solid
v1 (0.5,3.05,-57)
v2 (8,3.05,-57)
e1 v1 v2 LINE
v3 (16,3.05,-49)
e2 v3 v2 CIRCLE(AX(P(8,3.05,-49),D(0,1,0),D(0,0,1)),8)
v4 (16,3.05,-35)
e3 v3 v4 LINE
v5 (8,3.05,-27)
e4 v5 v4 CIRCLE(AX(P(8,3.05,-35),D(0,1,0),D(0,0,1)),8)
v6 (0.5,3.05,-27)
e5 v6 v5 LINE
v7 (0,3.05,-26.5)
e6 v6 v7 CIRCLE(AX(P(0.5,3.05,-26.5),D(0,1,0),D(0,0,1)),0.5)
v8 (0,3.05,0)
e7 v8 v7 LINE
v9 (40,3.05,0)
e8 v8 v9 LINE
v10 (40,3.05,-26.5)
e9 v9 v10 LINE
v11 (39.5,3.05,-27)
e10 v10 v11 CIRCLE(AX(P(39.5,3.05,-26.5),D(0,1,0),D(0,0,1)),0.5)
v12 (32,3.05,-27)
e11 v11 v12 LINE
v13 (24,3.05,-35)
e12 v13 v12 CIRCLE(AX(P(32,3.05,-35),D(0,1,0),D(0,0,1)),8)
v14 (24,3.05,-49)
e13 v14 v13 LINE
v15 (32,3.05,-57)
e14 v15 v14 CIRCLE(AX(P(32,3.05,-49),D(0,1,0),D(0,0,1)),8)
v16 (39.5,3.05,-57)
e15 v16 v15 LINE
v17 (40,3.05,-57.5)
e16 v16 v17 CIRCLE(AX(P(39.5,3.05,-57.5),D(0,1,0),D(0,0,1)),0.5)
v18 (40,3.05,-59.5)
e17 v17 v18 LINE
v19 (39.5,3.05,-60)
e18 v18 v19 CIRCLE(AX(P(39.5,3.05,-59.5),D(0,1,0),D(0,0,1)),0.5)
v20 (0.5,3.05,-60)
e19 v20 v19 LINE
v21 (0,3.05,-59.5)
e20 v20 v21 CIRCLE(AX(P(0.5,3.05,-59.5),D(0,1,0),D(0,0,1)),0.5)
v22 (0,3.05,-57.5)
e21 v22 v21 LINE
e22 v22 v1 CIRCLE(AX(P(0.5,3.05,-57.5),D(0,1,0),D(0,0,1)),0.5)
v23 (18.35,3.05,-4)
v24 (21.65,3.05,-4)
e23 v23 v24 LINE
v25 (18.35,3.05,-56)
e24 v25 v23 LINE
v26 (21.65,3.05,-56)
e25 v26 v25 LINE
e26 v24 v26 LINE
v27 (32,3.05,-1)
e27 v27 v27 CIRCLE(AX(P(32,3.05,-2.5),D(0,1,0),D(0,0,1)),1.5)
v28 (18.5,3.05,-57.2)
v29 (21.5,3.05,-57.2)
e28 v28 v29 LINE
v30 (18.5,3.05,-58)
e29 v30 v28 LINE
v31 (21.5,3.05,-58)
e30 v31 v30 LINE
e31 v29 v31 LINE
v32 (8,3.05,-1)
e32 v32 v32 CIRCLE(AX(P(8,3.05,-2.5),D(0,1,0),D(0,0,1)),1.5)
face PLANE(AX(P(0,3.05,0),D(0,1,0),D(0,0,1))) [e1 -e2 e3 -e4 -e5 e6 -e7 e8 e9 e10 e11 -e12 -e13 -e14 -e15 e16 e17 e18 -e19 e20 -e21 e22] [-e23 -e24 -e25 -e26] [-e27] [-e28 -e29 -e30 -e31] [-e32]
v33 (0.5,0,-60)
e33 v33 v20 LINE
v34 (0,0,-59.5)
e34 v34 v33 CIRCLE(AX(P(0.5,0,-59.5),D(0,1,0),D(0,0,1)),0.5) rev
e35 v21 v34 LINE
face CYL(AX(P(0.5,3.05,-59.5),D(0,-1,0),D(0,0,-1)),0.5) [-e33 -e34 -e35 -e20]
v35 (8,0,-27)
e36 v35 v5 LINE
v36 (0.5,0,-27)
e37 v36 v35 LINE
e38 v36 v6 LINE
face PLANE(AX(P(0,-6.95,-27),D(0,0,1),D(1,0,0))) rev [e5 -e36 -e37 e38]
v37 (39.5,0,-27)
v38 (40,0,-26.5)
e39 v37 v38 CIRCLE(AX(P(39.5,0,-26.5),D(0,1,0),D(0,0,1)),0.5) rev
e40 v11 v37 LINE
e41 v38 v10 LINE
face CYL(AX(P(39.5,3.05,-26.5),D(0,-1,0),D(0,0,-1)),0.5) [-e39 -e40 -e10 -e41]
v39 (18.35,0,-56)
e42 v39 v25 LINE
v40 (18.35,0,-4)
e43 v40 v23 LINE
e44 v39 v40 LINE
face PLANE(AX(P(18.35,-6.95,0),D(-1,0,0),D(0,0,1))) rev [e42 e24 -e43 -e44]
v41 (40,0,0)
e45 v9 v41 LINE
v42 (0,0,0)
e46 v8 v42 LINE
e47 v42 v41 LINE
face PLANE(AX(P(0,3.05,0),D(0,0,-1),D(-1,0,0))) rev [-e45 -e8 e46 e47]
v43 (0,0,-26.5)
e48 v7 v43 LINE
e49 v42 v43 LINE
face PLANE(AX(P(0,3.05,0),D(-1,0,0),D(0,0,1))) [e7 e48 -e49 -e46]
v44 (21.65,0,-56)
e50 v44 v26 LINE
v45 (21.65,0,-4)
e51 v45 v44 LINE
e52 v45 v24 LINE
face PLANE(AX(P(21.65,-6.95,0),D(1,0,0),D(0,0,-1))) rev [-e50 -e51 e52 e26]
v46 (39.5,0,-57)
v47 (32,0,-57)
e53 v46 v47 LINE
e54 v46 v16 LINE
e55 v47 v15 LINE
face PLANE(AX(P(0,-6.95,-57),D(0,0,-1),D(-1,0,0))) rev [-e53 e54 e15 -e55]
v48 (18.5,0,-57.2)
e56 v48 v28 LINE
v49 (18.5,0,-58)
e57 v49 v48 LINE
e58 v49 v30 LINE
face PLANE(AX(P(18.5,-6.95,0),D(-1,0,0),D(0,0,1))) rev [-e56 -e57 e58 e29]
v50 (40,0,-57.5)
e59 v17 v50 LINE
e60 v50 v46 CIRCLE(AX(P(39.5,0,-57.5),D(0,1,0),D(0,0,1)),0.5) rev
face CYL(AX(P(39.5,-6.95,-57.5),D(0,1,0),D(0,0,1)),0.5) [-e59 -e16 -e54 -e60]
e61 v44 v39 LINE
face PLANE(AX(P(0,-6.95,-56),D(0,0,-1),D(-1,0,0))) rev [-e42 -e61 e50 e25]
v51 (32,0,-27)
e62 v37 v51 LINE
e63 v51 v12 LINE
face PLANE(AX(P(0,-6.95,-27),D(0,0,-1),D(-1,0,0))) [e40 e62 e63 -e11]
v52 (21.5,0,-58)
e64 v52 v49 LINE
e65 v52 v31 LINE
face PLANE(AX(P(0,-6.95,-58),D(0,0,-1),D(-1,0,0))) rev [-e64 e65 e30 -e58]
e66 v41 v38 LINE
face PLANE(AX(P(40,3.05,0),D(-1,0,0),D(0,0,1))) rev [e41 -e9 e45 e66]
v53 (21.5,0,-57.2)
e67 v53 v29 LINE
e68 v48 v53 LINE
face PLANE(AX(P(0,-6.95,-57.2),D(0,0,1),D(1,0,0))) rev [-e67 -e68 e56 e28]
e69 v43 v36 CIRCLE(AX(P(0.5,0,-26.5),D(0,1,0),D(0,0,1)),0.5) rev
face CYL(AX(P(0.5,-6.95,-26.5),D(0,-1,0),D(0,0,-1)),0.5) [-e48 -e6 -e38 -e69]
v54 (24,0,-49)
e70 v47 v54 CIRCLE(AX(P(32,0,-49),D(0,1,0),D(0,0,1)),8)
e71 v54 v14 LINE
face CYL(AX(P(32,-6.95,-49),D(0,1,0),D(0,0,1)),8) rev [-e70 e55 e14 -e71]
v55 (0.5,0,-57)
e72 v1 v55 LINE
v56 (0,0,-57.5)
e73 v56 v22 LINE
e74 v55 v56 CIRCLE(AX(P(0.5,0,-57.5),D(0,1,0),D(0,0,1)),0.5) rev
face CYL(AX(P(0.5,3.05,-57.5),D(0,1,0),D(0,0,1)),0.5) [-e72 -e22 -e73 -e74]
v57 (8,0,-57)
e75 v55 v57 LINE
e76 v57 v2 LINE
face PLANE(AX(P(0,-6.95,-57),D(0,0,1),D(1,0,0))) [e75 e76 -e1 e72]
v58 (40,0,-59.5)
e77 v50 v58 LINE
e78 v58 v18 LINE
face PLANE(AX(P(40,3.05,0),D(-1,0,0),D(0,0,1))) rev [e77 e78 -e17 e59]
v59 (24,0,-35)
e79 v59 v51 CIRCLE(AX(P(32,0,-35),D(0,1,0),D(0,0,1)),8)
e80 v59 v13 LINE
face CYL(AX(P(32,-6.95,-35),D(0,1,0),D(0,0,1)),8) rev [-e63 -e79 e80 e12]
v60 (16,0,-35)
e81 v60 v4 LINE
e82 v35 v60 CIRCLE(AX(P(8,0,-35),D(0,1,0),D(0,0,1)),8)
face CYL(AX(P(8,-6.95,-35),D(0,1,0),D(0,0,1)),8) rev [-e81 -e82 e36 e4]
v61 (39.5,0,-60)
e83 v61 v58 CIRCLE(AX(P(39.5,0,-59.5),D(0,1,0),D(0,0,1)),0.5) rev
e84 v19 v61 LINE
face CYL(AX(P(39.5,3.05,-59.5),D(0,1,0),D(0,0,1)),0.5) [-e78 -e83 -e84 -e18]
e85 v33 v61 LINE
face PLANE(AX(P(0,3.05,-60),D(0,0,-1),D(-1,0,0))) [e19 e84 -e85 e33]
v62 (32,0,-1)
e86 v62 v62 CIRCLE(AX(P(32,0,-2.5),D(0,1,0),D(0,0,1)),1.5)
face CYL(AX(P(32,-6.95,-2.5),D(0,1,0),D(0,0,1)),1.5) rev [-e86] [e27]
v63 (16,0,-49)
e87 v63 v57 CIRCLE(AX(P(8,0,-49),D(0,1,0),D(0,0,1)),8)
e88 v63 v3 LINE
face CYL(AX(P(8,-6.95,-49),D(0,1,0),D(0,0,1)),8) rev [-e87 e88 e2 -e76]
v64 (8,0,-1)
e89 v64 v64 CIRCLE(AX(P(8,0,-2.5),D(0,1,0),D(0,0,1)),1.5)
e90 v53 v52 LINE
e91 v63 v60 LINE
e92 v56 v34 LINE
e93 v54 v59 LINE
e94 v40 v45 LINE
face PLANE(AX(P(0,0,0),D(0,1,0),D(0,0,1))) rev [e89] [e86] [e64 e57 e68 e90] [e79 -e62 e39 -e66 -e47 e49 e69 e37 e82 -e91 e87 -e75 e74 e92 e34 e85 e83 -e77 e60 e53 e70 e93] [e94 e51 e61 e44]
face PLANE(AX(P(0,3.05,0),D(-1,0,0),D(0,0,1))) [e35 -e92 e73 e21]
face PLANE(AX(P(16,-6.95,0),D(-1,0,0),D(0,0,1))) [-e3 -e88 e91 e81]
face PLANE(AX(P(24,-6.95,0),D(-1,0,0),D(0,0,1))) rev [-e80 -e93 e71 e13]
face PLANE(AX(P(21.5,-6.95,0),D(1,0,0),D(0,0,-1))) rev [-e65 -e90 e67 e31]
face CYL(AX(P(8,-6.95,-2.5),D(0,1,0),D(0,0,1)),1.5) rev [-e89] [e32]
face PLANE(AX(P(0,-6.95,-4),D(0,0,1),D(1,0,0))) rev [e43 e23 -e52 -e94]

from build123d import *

# Parameters (mm, degrees)
SKETCH1_W           = 40
SKETCH1_H           = 60
BOSS_EXTRUDE1_DEPTH = 3.05
SKETCH4_W           = 3.3
SKETCH4_H           = 52
SKETCH4_W_2         = 3
SKETCH4_H_2         = 0.8
CUT_EXTRUDE1_DEPTH  = 10
SKETCH7_R           = 8
CUT_EXTRUDE4_DEPTH  = 10
SKETCH8_R           = 1.5
CUT_EXTRUDE5_DEPTH  = 10
FILLET1_R           = 0.5


with BuildPart() as part:
    # Sketch1 → Boss-Extrude1 (new body)
    with BuildSketch(Plane(origin=(0, 0, 0), x_dir=(1, 0, 0), z_dir=(0, 1, 0))):
        with Locations((20, 30)):
            Rectangle(SKETCH1_W, SKETCH1_H)
    extrude(amount=BOSS_EXTRUDE1_DEPTH)

    # Sketch4 → Cut-Extrude1 (cut)
    with BuildSketch(Plane(origin=(0, 3.05, 0), x_dir=(1, 0, 0), z_dir=(0, 1, 0))):
        with Locations((20, 30)):
            Rectangle(SKETCH4_W, SKETCH4_H)
        with Locations((20, 57.6)):
            Rectangle(SKETCH4_W_2, SKETCH4_H_2)
    extrude(amount=-CUT_EXTRUDE1_DEPTH, mode=Mode.SUBTRACT)

    # Sketch7 → Cut-Extrude4 (cut)
    with BuildSketch(Plane(origin=(0, 3.05, 0), x_dir=(1, 0, 0), z_dir=(0, 1, 0))):
        with Locations((8, 35)):
            Circle(SKETCH7_R)
        with Locations((8, 49)):
            Circle(SKETCH7_R)
        with BuildLine():
            Line((8, 57), (0, 57))
            Line((0, 57), (0, 49))
            ThreePointArc((0, 49), (2.343145751, 54.656854249), (8, 57))
        make_face()
        with BuildLine():
            Line((16, 35), (16, 49))
            ThreePointArc((16, 49), (14.891439137, 44.936987987), (11.872983346, 42))
            ThreePointArc((11.872983346, 42), (14.891439137, 39.063012013), (16, 35))
        make_face()
        with BuildLine():
            ThreePointArc((4.127016654, 42), (1.108560863, 44.936987987), (0, 49))
            Line((0, 49), (0, 35))
            ThreePointArc((0, 35), (1.108560863, 39.063012013), (4.127016654, 42))
        make_face()
        with BuildLine():
            ThreePointArc((8, 27), (2.343145751, 29.343145751), (0, 35))
            Line((0, 35), (0, 27))
            Line((0, 27), (8, 27))
        make_face()
        with BuildLine():
            ThreePointArc((28.127016654, 42), (25.108560863, 44.936987987), (24, 49))
            Line((24, 49), (24, 35))
            ThreePointArc((24, 35), (25.108560863, 39.063012013), (28.127016654, 42))
        make_face()
        with Locations((32, 35)):
            Circle(SKETCH7_R)
        with Locations((32, 49)):
            Circle(SKETCH7_R)
        with BuildLine():
            Line((40, 35), (40, 49))
            ThreePointArc((40, 49), (38.891439137, 44.936987987), (35.872983346, 42))
            ThreePointArc((35.872983346, 42), (38.891439137, 39.063012013), (40, 35))
        make_face()
        with BuildLine():
            Line((40, 27), (40, 35))
            ThreePointArc((40, 35), (37.656854263, 29.343145764), (32.000000039, 27))
            Line((32.000000039, 27), (40, 27))
        make_face()
        with BuildLine():
            Line((40, 49), (40, 57))
            Line((40, 57), (32, 57))
            ThreePointArc((32, 57), (37.656854249, 54.656854249), (40, 49))
        make_face()
    extrude(amount=-CUT_EXTRUDE4_DEPTH, mode=Mode.SUBTRACT)

    # Sketch8 → Cut-Extrude5 (cut)
    with BuildSketch(Plane(origin=(0, 3.05, 0), x_dir=(1, 0, 0), z_dir=(0, 1, 0))):
        with BuildLine():
            ThreePointArc((9.5, 2.5), (6.939339828, 3.560660172), (8, 1))
            Line((8, 1), (8, 2.5))
            Line((8, 2.5), (9.5, 2.5))
        make_face()
        with BuildLine():
            Line((8, 2.5), (8, 1))
            ThreePointArc((8, 1), (9.060660172, 1.439339828), (9.5, 2.5))
            Line((9.5, 2.5), (8, 2.5))
        make_face()
        with Locations(Location((32, 2.5, 0), (0, 0, 270))):
            Circle(SKETCH8_R)
    extrude(amount=-CUT_EXTRUDE5_DEPTH, mode=Mode.SUBTRACT)

    # Fillet1
    fillet1_edges = [part.edges().sort_by_distance(p)[0] for p in [
        (0, 1.525, -27),
        (0, 1.525, -57),
        (40, 1.525, -57),
        (40, 1.525, -27),
        (0, 1.525, -60),
        (40, 1.525, -60),
    ]]
    fillet(fillet1_edges, radius=FILLET1_R)


solid = part.part
